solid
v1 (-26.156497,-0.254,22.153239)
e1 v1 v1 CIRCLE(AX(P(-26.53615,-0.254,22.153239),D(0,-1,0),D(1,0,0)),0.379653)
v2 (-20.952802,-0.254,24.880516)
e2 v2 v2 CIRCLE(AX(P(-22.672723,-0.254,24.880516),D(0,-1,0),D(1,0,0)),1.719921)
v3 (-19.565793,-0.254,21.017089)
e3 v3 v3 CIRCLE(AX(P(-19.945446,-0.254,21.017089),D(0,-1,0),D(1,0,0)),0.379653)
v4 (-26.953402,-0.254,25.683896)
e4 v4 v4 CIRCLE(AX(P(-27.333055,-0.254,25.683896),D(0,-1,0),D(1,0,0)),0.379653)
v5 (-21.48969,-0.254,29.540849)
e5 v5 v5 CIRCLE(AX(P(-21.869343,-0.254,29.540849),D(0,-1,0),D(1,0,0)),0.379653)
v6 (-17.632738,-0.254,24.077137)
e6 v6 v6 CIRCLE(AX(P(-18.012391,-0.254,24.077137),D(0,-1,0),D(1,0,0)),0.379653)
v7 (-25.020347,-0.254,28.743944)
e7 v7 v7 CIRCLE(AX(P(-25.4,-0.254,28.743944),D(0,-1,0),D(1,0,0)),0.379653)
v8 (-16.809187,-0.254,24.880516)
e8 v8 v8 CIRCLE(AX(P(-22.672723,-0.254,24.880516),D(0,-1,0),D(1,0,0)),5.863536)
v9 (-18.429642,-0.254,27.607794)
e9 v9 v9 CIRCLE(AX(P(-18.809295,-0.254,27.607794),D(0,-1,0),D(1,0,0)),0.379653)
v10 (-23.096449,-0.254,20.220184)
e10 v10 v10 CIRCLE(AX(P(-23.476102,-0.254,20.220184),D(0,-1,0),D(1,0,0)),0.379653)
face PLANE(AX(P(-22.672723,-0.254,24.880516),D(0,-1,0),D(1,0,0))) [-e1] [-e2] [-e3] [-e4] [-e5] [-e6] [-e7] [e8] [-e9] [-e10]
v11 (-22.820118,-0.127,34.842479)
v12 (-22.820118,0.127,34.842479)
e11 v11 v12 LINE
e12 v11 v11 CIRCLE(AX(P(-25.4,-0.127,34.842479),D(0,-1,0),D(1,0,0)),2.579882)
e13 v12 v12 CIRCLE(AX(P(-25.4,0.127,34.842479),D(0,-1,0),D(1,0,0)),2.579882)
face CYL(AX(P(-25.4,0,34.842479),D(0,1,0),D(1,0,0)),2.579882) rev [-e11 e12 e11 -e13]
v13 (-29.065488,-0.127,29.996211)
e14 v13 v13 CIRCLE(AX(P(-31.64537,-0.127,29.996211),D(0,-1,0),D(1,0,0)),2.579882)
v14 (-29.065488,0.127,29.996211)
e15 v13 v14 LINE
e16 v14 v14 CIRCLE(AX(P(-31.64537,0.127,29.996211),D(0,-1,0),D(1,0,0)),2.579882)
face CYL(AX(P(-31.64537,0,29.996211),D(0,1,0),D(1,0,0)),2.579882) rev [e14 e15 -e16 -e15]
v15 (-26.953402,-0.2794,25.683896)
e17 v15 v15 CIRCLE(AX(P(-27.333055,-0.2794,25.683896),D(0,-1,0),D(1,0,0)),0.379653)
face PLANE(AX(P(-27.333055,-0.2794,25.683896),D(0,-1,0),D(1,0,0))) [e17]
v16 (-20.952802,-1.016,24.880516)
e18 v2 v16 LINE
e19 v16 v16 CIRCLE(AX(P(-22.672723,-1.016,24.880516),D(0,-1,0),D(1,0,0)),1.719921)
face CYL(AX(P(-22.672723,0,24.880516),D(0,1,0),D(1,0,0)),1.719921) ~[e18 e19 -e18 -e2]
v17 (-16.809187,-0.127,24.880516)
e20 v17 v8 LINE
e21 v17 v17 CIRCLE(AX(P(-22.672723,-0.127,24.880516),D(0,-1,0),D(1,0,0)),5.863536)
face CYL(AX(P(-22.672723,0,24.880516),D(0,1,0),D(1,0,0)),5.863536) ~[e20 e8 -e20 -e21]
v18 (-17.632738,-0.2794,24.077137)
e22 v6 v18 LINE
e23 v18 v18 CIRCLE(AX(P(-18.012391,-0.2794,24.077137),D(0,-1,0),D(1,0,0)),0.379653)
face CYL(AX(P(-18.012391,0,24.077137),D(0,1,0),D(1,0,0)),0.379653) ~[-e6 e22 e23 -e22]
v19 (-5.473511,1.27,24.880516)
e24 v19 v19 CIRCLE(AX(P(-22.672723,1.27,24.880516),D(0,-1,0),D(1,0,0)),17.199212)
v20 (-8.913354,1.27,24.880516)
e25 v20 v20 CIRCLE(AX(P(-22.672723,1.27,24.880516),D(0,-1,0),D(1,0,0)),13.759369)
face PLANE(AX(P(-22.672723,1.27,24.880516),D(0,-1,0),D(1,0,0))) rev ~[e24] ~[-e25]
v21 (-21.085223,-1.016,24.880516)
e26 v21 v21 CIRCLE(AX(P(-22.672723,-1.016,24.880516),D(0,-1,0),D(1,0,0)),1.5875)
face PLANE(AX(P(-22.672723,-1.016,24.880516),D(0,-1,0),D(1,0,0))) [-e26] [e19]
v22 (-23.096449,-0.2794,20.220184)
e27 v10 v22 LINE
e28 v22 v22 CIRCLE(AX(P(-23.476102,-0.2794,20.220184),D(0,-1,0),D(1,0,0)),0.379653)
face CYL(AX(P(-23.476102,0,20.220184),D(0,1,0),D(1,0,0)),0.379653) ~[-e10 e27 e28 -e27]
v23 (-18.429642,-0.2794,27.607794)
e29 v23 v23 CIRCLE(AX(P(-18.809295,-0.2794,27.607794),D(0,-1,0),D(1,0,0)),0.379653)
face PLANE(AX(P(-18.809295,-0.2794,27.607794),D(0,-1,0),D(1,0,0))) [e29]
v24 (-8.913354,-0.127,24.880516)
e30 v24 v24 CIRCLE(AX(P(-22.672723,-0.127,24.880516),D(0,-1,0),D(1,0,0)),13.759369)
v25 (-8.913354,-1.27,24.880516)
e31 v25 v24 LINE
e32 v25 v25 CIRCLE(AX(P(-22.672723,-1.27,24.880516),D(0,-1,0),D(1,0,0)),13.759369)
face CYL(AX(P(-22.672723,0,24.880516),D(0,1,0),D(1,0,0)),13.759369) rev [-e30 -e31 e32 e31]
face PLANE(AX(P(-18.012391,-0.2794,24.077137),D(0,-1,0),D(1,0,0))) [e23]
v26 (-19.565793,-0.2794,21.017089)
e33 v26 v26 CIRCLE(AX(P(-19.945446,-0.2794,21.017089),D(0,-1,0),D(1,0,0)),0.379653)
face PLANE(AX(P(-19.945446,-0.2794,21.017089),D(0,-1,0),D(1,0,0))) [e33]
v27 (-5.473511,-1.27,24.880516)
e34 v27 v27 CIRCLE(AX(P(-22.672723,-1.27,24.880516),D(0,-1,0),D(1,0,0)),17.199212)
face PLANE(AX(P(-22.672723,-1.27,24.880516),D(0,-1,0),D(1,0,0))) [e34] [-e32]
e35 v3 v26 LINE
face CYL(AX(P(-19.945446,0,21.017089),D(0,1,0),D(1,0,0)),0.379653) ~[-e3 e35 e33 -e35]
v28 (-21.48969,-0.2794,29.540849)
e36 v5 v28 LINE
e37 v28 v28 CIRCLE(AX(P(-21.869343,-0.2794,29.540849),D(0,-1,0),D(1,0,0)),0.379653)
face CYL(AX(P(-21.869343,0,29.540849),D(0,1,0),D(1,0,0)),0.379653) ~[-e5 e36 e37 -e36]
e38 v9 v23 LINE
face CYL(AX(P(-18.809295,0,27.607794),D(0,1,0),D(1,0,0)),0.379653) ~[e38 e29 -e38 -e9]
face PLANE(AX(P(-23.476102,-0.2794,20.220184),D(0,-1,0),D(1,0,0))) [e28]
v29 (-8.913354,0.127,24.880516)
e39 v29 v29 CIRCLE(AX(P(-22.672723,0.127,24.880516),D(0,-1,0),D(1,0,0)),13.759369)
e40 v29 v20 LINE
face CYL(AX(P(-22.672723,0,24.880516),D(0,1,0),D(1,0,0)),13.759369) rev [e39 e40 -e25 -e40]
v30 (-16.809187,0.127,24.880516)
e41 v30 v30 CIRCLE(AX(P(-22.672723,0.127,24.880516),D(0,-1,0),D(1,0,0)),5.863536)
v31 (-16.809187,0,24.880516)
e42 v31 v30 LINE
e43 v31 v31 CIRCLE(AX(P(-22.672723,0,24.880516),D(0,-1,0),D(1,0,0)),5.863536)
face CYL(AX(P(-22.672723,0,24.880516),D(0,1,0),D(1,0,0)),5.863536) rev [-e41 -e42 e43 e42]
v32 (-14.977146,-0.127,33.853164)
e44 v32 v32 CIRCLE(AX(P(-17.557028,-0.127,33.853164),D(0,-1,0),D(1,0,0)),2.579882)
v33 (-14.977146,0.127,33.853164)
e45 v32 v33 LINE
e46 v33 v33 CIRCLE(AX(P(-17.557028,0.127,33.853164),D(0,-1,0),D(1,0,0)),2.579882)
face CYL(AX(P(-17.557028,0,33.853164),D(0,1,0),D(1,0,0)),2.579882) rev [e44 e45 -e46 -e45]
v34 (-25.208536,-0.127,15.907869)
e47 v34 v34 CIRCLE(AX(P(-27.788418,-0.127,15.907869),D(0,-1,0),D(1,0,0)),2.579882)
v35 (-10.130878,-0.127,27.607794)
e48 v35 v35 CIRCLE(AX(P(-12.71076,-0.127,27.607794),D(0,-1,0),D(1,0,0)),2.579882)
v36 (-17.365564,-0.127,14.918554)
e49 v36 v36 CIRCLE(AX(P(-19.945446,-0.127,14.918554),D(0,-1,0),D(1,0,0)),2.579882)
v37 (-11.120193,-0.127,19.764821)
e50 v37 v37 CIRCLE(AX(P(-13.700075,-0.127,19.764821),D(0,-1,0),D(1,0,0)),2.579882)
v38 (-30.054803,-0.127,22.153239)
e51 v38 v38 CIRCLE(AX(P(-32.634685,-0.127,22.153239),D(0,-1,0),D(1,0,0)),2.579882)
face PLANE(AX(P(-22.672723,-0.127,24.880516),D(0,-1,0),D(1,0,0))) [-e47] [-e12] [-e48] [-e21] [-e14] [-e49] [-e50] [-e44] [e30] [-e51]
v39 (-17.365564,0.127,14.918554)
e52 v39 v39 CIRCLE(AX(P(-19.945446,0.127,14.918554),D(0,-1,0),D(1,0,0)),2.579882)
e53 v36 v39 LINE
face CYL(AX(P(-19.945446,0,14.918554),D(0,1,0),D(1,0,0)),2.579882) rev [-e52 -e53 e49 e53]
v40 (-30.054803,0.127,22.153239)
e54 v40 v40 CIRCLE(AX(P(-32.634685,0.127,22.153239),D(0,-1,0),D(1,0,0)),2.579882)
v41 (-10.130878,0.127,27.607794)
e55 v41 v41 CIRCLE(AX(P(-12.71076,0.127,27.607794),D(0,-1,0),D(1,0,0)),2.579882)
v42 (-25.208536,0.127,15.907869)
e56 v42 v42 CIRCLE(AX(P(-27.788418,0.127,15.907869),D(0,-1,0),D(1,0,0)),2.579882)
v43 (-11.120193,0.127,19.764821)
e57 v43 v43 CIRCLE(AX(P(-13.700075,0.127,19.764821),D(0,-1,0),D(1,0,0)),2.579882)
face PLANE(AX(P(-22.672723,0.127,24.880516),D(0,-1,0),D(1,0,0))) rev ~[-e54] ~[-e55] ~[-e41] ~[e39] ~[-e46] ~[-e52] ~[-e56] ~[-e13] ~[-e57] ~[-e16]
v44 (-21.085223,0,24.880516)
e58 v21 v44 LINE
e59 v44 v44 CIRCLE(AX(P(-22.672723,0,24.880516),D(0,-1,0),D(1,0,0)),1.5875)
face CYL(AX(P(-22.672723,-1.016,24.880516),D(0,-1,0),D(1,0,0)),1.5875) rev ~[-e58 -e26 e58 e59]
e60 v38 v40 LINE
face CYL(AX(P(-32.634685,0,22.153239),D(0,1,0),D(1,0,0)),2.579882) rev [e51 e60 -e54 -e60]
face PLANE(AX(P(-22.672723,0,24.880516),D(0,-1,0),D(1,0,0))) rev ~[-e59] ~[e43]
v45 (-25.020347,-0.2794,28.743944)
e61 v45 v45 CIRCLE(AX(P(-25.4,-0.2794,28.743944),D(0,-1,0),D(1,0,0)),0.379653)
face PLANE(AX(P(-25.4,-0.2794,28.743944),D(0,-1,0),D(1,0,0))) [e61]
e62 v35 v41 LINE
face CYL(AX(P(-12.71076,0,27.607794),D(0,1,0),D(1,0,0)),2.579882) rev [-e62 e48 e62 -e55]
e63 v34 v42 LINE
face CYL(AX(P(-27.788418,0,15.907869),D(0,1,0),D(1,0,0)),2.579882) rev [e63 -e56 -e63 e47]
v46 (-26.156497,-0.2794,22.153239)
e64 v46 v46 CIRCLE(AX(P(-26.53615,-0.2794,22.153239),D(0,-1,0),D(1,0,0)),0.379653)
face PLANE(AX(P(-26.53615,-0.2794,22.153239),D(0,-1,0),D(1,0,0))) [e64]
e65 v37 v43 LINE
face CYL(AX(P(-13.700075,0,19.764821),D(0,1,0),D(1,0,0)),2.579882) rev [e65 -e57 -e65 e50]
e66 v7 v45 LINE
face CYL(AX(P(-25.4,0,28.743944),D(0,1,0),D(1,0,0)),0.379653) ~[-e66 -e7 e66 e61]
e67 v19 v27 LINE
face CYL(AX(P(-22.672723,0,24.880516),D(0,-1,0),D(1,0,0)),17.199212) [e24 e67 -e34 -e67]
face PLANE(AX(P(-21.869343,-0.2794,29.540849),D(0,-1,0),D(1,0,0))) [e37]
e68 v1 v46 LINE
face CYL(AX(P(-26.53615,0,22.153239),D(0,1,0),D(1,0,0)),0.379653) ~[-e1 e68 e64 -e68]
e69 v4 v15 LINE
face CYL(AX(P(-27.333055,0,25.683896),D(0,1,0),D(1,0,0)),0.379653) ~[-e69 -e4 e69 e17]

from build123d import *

# Parameters (mm, degrees)
F0_R     = 1.719921
F1_DEPTH = 1.016
F0_R_2   = 5.863536
F0_R_3   = 0.379653
F2_DEPTH = 0.254
F3_DEPTH = 0.2794
F0_R_4   = 17.199212
F0_R_5   = 13.759369
F4_DEPTH = 1.27
F0_R_6   = 2.579882
F5_DEPTH = 0.127
F6_R     = 1.5875
F7_DEPTH = 25.4


with BuildPart() as f1:
    # F0 (on Front) → F1 (new body)
    with BuildSketch(Plane.XZ):
        with Locations((-22.672723, 24.880516)):
            Circle(F0_R)
    extrude(amount=F1_DEPTH)

    # F0 (on Front) → F2 (join)
    with BuildSketch(Plane.XZ):
        with Locations((-22.672723, 24.880516)):
            Circle(F0_R_2)
        with Locations((-23.476102, 20.220184)):
            Circle(F0_R_3, mode=Mode.SUBTRACT)
        with Locations((-26.53615, 22.153239)):
            Circle(F0_R_3, mode=Mode.SUBTRACT)
        with Locations((-19.945446, 21.017089)):
            Circle(F0_R_3, mode=Mode.SUBTRACT)
        with Locations((-18.012391, 24.077137)):
            Circle(F0_R_3, mode=Mode.SUBTRACT)
        with Locations((-27.333055, 25.683896)):
            Circle(F0_R_3, mode=Mode.SUBTRACT)
        with Locations((-25.4, 28.743944)):
            Circle(F0_R_3, mode=Mode.SUBTRACT)
        with Locations((-22.672723, 24.880516)):
            Circle(F0_R, mode=Mode.SUBTRACT)
        with Locations((-18.809295, 27.607794)):
            Circle(F0_R_3, mode=Mode.SUBTRACT)
        with Locations((-21.869343, 29.540849)):
            Circle(F0_R_3, mode=Mode.SUBTRACT)
    extrude(amount=F2_DEPTH)

    # F0 (on Front) → F3 (join)
    with BuildSketch(Plane.XZ):
        with Locations((-23.476102, 20.220184)):
            Circle(F0_R_3)
        with Locations((-19.945446, 21.017089)):
            Circle(F0_R_3)
        with Locations((-18.012391, 24.077137)):
            Circle(F0_R_3)
        with Locations((-18.809295, 27.607794)):
            Circle(F0_R_3)
        with Locations((-21.869343, 29.540849)):
            Circle(F0_R_3)
        with Locations((-25.4, 28.743944)):
            Circle(F0_R_3)
        with Locations((-27.333055, 25.683896)):
            Circle(F0_R_3)
        with Locations((-26.53615, 22.153239)):
            Circle(F0_R_3)
    extrude(amount=F3_DEPTH)



with BuildPart() as f4:
    # F0 (on Front) → F4 (new body, symmetric)
    with BuildSketch(Plane.XZ):
        with Locations((-22.672723, 24.880516)):
            Circle(F0_R_4)
        with Locations((-22.672723, 24.880516)):
            Circle(F0_R_5, mode=Mode.SUBTRACT)
    extrude(amount=F4_DEPTH, both=True)


with BuildPart() as f1_1:
    add(f1.part)

    add(f4.part)  # F5 merges F4
    # F0 (on Front) → F5 (join, symmetric)
    with BuildSketch(Plane.XZ):
        with Locations((-22.672723, 24.880516)):
            Circle(F0_R_5)
        with Locations((-27.788418, 15.907869)):
            Circle(F0_R_6, mode=Mode.SUBTRACT)
        with Locations((-32.634685, 22.153239)):
            Circle(F0_R_6, mode=Mode.SUBTRACT)
        with Locations((-19.945446, 14.918554)):
            Circle(F0_R_6, mode=Mode.SUBTRACT)
        with Locations((-13.700075, 19.764821)):
            Circle(F0_R_6, mode=Mode.SUBTRACT)
        with Locations((-31.64537, 29.996211)):
            Circle(F0_R_6, mode=Mode.SUBTRACT)
        with Locations((-25.4, 34.842479)):
            Circle(F0_R_6, mode=Mode.SUBTRACT)
        with Locations((-22.672723, 24.880516)):
            Circle(F0_R_2, mode=Mode.SUBTRACT)
        with Locations((-12.71076, 27.607794)):
            Circle(F0_R_6, mode=Mode.SUBTRACT)
        with Locations((-17.557028, 33.853164)):
            Circle(F0_R_6, mode=Mode.SUBTRACT)
    extrude(amount=F5_DEPTH, both=True)

    # F6 (on face) → F7 (cut)
    with BuildSketch(Plane.XZ.offset(1.016)):
        with Locations((-22.672723, 24.880516)):
            Circle(F6_R)
    extrude(amount=-F7_DEPTH, mode=Mode.SUBTRACT)


solid = f1_1.part
